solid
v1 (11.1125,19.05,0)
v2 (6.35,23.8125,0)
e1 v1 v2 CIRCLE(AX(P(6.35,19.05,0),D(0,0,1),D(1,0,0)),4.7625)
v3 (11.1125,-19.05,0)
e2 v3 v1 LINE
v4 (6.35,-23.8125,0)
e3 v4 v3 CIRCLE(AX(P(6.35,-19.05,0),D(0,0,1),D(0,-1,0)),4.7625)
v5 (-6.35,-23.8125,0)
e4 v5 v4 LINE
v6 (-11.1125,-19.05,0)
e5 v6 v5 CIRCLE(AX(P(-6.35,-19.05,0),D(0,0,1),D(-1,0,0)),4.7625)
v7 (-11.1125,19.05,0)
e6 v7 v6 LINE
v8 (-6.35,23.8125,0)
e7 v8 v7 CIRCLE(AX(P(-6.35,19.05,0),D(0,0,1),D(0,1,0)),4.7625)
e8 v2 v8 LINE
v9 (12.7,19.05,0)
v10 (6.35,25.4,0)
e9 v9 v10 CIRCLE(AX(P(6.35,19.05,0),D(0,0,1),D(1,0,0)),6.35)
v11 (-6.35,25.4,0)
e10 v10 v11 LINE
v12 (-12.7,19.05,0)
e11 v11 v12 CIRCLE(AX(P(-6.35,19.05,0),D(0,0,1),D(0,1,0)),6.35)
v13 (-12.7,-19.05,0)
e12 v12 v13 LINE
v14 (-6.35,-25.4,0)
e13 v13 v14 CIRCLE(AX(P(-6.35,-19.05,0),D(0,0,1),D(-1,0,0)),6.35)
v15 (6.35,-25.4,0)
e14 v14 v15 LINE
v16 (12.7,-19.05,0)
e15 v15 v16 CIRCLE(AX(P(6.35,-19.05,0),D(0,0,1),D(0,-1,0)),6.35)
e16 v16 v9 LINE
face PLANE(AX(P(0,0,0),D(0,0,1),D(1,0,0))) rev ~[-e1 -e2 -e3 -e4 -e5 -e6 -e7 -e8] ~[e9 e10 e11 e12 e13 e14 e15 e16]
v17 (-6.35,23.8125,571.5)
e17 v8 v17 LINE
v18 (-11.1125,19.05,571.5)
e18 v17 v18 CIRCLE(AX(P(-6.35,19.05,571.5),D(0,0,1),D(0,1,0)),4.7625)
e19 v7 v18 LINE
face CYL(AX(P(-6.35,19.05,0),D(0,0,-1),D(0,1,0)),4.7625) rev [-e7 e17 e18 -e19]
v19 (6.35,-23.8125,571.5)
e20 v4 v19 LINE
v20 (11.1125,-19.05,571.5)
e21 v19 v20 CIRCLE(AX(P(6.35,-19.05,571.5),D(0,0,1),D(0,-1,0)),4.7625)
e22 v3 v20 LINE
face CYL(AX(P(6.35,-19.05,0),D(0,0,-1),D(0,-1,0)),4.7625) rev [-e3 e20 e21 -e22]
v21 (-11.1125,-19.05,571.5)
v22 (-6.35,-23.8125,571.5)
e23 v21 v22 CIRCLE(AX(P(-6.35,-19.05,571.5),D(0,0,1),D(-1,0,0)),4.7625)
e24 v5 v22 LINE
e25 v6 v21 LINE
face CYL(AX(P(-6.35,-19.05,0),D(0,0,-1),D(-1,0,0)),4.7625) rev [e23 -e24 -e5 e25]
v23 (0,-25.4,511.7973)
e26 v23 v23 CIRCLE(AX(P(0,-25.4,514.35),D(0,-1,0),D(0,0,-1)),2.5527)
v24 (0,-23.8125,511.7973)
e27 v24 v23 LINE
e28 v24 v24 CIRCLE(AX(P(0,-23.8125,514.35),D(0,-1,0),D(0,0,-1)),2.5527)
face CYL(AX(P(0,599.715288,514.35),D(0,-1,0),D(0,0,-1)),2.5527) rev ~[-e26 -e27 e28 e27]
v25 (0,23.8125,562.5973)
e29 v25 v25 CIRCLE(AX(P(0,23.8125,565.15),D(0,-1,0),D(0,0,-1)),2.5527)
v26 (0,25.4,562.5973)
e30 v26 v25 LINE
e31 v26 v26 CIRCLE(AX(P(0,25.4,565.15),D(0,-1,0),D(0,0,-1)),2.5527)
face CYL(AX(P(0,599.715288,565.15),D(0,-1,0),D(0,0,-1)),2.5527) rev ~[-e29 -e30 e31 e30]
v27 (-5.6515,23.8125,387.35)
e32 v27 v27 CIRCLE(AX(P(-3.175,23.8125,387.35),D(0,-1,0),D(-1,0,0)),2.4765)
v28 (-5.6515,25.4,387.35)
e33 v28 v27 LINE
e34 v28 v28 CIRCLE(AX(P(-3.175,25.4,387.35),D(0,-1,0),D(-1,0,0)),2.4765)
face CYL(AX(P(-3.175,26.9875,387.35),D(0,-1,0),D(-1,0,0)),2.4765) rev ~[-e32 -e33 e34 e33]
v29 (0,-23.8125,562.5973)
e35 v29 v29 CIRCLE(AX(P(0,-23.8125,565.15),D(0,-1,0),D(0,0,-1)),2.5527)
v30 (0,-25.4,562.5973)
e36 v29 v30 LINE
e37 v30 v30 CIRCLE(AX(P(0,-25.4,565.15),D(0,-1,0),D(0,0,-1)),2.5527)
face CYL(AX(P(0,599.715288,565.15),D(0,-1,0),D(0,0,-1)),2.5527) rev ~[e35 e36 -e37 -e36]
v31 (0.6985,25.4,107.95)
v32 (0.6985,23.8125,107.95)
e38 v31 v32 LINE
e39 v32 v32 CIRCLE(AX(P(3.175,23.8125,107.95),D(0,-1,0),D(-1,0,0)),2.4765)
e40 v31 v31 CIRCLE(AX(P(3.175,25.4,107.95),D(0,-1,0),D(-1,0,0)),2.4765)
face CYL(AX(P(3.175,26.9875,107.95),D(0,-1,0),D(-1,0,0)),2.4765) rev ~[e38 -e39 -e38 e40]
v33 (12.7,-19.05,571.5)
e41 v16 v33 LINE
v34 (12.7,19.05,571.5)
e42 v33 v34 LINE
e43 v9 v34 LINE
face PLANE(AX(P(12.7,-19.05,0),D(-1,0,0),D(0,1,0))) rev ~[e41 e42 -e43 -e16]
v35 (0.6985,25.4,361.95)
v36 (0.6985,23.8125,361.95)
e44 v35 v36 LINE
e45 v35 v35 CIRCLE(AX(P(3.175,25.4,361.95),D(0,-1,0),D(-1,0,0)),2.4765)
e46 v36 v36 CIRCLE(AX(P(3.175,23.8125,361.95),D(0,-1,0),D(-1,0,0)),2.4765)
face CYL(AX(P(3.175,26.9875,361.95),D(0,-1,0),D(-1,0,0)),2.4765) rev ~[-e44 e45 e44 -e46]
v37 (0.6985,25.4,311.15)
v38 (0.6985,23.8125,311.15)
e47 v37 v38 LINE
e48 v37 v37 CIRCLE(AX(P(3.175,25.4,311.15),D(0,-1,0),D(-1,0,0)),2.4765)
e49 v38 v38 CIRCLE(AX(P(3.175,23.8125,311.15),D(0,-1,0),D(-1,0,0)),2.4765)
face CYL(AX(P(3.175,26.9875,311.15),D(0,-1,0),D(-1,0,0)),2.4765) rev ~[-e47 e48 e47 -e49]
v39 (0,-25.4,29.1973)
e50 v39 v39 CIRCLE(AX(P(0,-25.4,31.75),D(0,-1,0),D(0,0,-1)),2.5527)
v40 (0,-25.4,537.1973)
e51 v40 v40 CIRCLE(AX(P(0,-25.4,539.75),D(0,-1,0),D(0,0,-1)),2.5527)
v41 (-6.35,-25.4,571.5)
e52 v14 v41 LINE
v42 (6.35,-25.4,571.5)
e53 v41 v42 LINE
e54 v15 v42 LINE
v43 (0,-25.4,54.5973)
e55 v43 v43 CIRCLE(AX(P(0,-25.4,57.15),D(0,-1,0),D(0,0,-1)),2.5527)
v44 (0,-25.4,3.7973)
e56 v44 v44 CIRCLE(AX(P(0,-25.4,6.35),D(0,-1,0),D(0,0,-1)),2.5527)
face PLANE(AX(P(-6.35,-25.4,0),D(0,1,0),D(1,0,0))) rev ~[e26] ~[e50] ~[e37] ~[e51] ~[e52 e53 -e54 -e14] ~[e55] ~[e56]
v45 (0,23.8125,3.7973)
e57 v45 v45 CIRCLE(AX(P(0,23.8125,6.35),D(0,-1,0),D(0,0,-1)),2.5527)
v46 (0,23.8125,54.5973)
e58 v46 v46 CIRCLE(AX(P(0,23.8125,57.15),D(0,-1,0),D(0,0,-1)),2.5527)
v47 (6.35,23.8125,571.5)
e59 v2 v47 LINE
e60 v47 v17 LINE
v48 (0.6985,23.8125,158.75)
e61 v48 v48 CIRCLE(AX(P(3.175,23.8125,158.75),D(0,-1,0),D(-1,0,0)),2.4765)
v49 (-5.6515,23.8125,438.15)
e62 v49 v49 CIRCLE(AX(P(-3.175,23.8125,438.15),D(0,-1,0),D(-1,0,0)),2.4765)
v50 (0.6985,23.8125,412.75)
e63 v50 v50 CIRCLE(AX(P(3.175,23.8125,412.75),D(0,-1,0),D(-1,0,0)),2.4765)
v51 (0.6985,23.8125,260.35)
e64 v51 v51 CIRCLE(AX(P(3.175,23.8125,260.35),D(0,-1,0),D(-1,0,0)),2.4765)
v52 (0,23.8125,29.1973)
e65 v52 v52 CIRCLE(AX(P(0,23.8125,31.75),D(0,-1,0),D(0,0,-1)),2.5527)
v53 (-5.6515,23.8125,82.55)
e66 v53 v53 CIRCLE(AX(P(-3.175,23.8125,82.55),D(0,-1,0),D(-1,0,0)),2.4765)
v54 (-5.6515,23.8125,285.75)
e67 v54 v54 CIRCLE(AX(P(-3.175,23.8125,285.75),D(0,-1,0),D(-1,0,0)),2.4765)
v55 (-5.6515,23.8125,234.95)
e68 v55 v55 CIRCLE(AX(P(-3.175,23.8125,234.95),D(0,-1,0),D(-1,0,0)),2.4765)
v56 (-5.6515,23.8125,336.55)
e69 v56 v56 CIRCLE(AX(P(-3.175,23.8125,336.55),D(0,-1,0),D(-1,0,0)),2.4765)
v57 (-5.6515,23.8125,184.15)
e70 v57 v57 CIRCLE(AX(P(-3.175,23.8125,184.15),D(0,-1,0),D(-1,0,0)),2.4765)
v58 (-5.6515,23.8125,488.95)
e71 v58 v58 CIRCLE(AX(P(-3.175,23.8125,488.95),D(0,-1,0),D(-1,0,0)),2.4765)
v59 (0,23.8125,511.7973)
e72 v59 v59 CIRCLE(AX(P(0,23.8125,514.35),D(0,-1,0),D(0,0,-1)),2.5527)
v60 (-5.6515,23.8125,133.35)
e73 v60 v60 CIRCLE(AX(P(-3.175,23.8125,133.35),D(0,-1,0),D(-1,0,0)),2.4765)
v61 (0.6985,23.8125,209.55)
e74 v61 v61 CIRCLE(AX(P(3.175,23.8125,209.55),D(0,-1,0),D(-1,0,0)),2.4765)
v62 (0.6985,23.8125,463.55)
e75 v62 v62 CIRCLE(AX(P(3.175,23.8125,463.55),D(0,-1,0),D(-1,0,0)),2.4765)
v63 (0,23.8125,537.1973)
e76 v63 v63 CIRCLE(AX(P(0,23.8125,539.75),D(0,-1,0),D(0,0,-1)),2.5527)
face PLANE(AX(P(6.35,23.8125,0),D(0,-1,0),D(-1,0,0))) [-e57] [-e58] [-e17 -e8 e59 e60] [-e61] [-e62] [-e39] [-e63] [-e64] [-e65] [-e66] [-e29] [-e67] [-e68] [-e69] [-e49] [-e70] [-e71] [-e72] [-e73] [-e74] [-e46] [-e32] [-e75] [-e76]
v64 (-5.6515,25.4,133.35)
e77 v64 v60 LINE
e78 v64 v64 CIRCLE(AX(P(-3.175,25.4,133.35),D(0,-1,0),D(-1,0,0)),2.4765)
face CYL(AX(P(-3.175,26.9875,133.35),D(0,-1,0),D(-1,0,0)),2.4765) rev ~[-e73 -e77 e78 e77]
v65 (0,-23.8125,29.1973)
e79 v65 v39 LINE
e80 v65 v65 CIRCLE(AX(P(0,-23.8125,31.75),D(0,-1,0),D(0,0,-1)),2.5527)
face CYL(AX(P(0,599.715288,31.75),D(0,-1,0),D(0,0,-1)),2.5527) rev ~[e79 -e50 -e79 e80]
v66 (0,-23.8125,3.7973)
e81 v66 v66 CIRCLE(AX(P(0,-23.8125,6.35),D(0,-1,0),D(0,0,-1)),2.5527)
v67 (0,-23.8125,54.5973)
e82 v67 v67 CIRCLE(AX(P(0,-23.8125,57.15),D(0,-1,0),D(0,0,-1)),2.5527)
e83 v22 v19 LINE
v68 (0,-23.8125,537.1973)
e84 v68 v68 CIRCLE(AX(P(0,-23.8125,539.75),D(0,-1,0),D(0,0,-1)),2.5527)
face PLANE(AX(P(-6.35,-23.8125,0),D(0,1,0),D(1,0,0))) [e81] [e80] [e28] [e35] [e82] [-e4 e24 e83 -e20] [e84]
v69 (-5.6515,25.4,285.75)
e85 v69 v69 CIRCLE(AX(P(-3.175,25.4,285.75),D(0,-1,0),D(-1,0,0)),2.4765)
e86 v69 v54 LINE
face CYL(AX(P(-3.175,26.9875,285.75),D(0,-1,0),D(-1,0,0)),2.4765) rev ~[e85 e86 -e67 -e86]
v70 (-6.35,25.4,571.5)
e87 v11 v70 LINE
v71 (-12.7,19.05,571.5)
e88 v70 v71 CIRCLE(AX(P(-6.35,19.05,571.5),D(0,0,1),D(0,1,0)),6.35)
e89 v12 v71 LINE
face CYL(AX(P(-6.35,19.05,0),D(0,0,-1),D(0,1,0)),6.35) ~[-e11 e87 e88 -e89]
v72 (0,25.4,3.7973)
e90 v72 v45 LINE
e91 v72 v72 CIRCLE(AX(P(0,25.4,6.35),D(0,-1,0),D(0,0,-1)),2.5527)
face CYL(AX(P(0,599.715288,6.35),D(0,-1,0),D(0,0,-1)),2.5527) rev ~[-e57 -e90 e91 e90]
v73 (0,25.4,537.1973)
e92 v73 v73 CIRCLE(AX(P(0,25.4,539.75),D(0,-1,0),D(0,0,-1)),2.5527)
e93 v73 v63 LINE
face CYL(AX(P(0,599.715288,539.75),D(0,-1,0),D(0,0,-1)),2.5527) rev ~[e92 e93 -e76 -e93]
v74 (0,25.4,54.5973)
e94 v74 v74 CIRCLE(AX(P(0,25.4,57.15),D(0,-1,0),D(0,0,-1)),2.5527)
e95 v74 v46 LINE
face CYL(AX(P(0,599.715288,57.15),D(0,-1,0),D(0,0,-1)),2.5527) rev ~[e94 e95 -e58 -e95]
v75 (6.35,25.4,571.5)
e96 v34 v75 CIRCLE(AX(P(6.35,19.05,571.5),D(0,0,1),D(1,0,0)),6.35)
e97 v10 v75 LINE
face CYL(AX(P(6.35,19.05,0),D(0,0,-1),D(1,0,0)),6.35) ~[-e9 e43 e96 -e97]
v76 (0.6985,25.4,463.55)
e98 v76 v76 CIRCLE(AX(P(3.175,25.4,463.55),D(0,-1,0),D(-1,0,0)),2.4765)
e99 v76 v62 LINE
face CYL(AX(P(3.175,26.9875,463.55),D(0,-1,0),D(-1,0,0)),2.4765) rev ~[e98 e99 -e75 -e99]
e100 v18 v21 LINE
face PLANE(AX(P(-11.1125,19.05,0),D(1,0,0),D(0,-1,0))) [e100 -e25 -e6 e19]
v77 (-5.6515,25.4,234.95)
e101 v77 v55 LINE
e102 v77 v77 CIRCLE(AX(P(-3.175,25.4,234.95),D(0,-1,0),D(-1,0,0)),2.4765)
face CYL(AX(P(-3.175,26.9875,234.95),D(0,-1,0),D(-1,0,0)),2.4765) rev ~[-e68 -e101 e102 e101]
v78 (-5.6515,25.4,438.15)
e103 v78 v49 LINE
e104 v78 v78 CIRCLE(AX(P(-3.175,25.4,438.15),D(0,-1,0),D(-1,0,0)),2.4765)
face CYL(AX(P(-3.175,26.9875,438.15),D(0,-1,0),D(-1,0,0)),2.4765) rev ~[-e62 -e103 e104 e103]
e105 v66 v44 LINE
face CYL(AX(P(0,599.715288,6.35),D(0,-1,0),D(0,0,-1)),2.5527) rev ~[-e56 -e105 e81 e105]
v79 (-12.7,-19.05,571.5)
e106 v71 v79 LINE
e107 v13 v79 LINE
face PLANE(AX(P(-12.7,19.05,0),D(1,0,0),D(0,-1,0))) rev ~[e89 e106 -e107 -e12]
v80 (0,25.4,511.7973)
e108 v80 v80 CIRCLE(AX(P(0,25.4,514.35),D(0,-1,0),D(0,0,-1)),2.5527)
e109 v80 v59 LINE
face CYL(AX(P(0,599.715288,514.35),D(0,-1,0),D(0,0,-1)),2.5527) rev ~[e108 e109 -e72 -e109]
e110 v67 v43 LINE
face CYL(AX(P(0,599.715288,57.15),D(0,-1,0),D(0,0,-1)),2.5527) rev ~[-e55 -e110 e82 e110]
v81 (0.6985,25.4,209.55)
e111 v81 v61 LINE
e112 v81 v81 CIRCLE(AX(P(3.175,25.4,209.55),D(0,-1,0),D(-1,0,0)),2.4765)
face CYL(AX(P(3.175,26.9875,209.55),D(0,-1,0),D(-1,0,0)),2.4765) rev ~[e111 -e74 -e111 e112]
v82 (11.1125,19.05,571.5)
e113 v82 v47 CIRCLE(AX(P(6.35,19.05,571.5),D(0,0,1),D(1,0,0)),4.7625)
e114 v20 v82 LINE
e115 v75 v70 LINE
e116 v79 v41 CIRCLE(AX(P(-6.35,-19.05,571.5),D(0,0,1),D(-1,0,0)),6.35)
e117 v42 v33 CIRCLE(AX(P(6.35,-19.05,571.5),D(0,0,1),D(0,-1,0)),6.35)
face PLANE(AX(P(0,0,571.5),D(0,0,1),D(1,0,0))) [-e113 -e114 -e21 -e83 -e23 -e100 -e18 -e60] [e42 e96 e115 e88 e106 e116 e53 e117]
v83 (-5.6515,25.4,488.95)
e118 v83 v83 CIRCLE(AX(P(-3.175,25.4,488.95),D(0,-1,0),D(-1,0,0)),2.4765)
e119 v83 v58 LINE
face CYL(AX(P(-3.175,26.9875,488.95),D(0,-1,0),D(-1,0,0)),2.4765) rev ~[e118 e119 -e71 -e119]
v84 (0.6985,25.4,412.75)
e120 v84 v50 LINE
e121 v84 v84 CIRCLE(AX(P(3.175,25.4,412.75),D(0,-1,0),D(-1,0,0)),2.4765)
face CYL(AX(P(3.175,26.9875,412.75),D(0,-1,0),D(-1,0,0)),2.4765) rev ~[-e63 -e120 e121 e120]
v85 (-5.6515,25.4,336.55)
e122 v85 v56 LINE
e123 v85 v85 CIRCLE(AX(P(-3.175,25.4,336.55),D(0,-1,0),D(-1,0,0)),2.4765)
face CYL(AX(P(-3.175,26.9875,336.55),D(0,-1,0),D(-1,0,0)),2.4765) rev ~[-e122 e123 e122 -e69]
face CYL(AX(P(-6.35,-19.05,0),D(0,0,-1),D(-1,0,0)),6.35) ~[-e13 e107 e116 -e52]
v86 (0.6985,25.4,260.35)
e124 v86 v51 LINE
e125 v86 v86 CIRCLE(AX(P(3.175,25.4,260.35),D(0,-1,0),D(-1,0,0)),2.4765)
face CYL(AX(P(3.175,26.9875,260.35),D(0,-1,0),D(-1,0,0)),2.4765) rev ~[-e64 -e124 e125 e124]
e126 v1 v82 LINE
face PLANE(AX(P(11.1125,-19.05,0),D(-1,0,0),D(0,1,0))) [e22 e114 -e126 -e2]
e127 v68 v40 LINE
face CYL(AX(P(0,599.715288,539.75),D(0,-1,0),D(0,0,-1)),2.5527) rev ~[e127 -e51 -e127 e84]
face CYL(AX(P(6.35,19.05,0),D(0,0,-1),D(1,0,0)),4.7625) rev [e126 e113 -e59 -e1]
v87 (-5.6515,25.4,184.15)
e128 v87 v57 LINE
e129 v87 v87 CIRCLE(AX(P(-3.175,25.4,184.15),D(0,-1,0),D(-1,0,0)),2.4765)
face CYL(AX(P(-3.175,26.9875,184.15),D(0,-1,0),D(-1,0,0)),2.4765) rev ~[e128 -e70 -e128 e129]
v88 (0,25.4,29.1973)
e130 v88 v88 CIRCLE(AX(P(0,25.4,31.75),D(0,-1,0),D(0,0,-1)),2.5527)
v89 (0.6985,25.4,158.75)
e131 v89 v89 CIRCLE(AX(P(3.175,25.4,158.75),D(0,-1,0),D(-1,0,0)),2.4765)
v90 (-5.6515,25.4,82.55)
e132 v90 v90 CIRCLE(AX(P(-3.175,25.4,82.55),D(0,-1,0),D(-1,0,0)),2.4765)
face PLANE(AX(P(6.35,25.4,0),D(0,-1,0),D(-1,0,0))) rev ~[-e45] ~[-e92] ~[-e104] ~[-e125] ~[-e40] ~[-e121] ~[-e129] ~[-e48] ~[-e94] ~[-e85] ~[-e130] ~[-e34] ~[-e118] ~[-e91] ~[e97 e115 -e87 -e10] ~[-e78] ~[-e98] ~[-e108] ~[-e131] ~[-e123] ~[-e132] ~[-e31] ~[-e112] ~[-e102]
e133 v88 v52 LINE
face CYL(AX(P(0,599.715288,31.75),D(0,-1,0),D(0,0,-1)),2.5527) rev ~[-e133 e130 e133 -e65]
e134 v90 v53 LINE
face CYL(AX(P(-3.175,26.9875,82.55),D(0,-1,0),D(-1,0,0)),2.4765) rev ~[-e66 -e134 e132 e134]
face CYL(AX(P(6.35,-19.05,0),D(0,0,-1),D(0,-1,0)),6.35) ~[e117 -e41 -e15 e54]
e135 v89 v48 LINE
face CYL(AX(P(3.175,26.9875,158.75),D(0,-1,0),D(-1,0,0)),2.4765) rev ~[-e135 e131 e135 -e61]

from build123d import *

# Parameters (mm, degrees)
EXTRUDE_THIN1_DEPTH               = 571.5
F_10_CLEARANCE_HOLE1_D            = 5.1054
F_3_16_0_195_DIAMETER_HOLE1_D     = 4.953
F_3_16_0_195_DIAMETER_HOLE1_DEPTH = 1.5875


with BuildPart() as part:
    # Sketch1 → Extrude-Thin1 (new body)
    with BuildSketch(Plane.XY):
        with BuildLine():
            Line((-12.7, 19.05), (-12.7, -19.05))
            ThreePointArc((-12.7, -19.05), (-10.840128061, -23.540128061), (-6.35, -25.4))
            Line((-6.35, -25.4), (6.35, -25.4))
            ThreePointArc((6.35, -25.4), (10.840128061, -23.540128061), (12.7, -19.05))
            Line((12.7, -19.05), (12.7, 19.05))
            ThreePointArc((12.7, 19.05), (10.840128061, 23.540128061), (6.35, 25.4))
            Line((6.35, 25.4), (-6.35, 25.4))
            ThreePointArc((-6.35, 25.4), (-10.840128061, 23.540128061), (-12.7, 19.05))
        make_face()
        with BuildLine():
            Line((-11.1125, 19.05), (-11.1125, -19.05))
            ThreePointArc((-11.1125, -19.05), (-9.717596045, -22.417596045), (-6.35, -23.8125))
            Line((-6.35, -23.8125), (6.35, -23.8125))
            ThreePointArc((6.35, -23.8125), (9.717596045, -22.417596045), (11.1125, -19.05))
            Line((11.1125, -19.05), (11.1125, 19.05))
            ThreePointArc((11.1125, 19.05), (9.717596045, 22.417596045), (6.35, 23.8125))
            Line((6.35, 23.8125), (-6.35, 23.8125))
            ThreePointArc((-6.35, 23.8125), (-9.717596045, 22.417596045), (-11.1125, 19.05))
        make_face(mode=Mode.SUBTRACT)
    extrude(amount=EXTRUDE_THIN1_DEPTH)

    # #10 Clearance Hole1 (through all)
    with Locations(Plane(origin=(0, 25.4, 565.15), x_dir=(0, 0, 1), z_dir=(0, 1, 0))):
        with Locations((0, 0), (-558.8, 0), (-533.4, 0), (-508, 0), (-25.4, 0), (-50.8, 0)):
            Hole(F_10_CLEARANCE_HOLE1_D / 2)

    # 3/16 (0.195) Diameter Hole1
    with Locations(Plane(origin=(0, 25.4, 0), x_dir=(1, 0, 0), z_dir=(0, 1, 0))):
        with Locations((-3.175, -82.55), (3.175, -107.95), (-3.175, -133.35), (3.175, -158.75), (-3.175, -184.15), (3.175, -209.55), (-3.175, -234.95), (3.175, -260.35), (-3.175, -285.75), (3.175, -311.15), (-3.175, -336.55), (3.175, -361.95), (-3.175, -387.35), (3.175, -412.75), (-3.175, -438.15), (3.175, -463.55), (-3.175, -488.95)):
            Hole(F_3_16_0_195_DIAMETER_HOLE1_D / 2, depth=F_3_16_0_195_DIAMETER_HOLE1_DEPTH)


solid = part.part
